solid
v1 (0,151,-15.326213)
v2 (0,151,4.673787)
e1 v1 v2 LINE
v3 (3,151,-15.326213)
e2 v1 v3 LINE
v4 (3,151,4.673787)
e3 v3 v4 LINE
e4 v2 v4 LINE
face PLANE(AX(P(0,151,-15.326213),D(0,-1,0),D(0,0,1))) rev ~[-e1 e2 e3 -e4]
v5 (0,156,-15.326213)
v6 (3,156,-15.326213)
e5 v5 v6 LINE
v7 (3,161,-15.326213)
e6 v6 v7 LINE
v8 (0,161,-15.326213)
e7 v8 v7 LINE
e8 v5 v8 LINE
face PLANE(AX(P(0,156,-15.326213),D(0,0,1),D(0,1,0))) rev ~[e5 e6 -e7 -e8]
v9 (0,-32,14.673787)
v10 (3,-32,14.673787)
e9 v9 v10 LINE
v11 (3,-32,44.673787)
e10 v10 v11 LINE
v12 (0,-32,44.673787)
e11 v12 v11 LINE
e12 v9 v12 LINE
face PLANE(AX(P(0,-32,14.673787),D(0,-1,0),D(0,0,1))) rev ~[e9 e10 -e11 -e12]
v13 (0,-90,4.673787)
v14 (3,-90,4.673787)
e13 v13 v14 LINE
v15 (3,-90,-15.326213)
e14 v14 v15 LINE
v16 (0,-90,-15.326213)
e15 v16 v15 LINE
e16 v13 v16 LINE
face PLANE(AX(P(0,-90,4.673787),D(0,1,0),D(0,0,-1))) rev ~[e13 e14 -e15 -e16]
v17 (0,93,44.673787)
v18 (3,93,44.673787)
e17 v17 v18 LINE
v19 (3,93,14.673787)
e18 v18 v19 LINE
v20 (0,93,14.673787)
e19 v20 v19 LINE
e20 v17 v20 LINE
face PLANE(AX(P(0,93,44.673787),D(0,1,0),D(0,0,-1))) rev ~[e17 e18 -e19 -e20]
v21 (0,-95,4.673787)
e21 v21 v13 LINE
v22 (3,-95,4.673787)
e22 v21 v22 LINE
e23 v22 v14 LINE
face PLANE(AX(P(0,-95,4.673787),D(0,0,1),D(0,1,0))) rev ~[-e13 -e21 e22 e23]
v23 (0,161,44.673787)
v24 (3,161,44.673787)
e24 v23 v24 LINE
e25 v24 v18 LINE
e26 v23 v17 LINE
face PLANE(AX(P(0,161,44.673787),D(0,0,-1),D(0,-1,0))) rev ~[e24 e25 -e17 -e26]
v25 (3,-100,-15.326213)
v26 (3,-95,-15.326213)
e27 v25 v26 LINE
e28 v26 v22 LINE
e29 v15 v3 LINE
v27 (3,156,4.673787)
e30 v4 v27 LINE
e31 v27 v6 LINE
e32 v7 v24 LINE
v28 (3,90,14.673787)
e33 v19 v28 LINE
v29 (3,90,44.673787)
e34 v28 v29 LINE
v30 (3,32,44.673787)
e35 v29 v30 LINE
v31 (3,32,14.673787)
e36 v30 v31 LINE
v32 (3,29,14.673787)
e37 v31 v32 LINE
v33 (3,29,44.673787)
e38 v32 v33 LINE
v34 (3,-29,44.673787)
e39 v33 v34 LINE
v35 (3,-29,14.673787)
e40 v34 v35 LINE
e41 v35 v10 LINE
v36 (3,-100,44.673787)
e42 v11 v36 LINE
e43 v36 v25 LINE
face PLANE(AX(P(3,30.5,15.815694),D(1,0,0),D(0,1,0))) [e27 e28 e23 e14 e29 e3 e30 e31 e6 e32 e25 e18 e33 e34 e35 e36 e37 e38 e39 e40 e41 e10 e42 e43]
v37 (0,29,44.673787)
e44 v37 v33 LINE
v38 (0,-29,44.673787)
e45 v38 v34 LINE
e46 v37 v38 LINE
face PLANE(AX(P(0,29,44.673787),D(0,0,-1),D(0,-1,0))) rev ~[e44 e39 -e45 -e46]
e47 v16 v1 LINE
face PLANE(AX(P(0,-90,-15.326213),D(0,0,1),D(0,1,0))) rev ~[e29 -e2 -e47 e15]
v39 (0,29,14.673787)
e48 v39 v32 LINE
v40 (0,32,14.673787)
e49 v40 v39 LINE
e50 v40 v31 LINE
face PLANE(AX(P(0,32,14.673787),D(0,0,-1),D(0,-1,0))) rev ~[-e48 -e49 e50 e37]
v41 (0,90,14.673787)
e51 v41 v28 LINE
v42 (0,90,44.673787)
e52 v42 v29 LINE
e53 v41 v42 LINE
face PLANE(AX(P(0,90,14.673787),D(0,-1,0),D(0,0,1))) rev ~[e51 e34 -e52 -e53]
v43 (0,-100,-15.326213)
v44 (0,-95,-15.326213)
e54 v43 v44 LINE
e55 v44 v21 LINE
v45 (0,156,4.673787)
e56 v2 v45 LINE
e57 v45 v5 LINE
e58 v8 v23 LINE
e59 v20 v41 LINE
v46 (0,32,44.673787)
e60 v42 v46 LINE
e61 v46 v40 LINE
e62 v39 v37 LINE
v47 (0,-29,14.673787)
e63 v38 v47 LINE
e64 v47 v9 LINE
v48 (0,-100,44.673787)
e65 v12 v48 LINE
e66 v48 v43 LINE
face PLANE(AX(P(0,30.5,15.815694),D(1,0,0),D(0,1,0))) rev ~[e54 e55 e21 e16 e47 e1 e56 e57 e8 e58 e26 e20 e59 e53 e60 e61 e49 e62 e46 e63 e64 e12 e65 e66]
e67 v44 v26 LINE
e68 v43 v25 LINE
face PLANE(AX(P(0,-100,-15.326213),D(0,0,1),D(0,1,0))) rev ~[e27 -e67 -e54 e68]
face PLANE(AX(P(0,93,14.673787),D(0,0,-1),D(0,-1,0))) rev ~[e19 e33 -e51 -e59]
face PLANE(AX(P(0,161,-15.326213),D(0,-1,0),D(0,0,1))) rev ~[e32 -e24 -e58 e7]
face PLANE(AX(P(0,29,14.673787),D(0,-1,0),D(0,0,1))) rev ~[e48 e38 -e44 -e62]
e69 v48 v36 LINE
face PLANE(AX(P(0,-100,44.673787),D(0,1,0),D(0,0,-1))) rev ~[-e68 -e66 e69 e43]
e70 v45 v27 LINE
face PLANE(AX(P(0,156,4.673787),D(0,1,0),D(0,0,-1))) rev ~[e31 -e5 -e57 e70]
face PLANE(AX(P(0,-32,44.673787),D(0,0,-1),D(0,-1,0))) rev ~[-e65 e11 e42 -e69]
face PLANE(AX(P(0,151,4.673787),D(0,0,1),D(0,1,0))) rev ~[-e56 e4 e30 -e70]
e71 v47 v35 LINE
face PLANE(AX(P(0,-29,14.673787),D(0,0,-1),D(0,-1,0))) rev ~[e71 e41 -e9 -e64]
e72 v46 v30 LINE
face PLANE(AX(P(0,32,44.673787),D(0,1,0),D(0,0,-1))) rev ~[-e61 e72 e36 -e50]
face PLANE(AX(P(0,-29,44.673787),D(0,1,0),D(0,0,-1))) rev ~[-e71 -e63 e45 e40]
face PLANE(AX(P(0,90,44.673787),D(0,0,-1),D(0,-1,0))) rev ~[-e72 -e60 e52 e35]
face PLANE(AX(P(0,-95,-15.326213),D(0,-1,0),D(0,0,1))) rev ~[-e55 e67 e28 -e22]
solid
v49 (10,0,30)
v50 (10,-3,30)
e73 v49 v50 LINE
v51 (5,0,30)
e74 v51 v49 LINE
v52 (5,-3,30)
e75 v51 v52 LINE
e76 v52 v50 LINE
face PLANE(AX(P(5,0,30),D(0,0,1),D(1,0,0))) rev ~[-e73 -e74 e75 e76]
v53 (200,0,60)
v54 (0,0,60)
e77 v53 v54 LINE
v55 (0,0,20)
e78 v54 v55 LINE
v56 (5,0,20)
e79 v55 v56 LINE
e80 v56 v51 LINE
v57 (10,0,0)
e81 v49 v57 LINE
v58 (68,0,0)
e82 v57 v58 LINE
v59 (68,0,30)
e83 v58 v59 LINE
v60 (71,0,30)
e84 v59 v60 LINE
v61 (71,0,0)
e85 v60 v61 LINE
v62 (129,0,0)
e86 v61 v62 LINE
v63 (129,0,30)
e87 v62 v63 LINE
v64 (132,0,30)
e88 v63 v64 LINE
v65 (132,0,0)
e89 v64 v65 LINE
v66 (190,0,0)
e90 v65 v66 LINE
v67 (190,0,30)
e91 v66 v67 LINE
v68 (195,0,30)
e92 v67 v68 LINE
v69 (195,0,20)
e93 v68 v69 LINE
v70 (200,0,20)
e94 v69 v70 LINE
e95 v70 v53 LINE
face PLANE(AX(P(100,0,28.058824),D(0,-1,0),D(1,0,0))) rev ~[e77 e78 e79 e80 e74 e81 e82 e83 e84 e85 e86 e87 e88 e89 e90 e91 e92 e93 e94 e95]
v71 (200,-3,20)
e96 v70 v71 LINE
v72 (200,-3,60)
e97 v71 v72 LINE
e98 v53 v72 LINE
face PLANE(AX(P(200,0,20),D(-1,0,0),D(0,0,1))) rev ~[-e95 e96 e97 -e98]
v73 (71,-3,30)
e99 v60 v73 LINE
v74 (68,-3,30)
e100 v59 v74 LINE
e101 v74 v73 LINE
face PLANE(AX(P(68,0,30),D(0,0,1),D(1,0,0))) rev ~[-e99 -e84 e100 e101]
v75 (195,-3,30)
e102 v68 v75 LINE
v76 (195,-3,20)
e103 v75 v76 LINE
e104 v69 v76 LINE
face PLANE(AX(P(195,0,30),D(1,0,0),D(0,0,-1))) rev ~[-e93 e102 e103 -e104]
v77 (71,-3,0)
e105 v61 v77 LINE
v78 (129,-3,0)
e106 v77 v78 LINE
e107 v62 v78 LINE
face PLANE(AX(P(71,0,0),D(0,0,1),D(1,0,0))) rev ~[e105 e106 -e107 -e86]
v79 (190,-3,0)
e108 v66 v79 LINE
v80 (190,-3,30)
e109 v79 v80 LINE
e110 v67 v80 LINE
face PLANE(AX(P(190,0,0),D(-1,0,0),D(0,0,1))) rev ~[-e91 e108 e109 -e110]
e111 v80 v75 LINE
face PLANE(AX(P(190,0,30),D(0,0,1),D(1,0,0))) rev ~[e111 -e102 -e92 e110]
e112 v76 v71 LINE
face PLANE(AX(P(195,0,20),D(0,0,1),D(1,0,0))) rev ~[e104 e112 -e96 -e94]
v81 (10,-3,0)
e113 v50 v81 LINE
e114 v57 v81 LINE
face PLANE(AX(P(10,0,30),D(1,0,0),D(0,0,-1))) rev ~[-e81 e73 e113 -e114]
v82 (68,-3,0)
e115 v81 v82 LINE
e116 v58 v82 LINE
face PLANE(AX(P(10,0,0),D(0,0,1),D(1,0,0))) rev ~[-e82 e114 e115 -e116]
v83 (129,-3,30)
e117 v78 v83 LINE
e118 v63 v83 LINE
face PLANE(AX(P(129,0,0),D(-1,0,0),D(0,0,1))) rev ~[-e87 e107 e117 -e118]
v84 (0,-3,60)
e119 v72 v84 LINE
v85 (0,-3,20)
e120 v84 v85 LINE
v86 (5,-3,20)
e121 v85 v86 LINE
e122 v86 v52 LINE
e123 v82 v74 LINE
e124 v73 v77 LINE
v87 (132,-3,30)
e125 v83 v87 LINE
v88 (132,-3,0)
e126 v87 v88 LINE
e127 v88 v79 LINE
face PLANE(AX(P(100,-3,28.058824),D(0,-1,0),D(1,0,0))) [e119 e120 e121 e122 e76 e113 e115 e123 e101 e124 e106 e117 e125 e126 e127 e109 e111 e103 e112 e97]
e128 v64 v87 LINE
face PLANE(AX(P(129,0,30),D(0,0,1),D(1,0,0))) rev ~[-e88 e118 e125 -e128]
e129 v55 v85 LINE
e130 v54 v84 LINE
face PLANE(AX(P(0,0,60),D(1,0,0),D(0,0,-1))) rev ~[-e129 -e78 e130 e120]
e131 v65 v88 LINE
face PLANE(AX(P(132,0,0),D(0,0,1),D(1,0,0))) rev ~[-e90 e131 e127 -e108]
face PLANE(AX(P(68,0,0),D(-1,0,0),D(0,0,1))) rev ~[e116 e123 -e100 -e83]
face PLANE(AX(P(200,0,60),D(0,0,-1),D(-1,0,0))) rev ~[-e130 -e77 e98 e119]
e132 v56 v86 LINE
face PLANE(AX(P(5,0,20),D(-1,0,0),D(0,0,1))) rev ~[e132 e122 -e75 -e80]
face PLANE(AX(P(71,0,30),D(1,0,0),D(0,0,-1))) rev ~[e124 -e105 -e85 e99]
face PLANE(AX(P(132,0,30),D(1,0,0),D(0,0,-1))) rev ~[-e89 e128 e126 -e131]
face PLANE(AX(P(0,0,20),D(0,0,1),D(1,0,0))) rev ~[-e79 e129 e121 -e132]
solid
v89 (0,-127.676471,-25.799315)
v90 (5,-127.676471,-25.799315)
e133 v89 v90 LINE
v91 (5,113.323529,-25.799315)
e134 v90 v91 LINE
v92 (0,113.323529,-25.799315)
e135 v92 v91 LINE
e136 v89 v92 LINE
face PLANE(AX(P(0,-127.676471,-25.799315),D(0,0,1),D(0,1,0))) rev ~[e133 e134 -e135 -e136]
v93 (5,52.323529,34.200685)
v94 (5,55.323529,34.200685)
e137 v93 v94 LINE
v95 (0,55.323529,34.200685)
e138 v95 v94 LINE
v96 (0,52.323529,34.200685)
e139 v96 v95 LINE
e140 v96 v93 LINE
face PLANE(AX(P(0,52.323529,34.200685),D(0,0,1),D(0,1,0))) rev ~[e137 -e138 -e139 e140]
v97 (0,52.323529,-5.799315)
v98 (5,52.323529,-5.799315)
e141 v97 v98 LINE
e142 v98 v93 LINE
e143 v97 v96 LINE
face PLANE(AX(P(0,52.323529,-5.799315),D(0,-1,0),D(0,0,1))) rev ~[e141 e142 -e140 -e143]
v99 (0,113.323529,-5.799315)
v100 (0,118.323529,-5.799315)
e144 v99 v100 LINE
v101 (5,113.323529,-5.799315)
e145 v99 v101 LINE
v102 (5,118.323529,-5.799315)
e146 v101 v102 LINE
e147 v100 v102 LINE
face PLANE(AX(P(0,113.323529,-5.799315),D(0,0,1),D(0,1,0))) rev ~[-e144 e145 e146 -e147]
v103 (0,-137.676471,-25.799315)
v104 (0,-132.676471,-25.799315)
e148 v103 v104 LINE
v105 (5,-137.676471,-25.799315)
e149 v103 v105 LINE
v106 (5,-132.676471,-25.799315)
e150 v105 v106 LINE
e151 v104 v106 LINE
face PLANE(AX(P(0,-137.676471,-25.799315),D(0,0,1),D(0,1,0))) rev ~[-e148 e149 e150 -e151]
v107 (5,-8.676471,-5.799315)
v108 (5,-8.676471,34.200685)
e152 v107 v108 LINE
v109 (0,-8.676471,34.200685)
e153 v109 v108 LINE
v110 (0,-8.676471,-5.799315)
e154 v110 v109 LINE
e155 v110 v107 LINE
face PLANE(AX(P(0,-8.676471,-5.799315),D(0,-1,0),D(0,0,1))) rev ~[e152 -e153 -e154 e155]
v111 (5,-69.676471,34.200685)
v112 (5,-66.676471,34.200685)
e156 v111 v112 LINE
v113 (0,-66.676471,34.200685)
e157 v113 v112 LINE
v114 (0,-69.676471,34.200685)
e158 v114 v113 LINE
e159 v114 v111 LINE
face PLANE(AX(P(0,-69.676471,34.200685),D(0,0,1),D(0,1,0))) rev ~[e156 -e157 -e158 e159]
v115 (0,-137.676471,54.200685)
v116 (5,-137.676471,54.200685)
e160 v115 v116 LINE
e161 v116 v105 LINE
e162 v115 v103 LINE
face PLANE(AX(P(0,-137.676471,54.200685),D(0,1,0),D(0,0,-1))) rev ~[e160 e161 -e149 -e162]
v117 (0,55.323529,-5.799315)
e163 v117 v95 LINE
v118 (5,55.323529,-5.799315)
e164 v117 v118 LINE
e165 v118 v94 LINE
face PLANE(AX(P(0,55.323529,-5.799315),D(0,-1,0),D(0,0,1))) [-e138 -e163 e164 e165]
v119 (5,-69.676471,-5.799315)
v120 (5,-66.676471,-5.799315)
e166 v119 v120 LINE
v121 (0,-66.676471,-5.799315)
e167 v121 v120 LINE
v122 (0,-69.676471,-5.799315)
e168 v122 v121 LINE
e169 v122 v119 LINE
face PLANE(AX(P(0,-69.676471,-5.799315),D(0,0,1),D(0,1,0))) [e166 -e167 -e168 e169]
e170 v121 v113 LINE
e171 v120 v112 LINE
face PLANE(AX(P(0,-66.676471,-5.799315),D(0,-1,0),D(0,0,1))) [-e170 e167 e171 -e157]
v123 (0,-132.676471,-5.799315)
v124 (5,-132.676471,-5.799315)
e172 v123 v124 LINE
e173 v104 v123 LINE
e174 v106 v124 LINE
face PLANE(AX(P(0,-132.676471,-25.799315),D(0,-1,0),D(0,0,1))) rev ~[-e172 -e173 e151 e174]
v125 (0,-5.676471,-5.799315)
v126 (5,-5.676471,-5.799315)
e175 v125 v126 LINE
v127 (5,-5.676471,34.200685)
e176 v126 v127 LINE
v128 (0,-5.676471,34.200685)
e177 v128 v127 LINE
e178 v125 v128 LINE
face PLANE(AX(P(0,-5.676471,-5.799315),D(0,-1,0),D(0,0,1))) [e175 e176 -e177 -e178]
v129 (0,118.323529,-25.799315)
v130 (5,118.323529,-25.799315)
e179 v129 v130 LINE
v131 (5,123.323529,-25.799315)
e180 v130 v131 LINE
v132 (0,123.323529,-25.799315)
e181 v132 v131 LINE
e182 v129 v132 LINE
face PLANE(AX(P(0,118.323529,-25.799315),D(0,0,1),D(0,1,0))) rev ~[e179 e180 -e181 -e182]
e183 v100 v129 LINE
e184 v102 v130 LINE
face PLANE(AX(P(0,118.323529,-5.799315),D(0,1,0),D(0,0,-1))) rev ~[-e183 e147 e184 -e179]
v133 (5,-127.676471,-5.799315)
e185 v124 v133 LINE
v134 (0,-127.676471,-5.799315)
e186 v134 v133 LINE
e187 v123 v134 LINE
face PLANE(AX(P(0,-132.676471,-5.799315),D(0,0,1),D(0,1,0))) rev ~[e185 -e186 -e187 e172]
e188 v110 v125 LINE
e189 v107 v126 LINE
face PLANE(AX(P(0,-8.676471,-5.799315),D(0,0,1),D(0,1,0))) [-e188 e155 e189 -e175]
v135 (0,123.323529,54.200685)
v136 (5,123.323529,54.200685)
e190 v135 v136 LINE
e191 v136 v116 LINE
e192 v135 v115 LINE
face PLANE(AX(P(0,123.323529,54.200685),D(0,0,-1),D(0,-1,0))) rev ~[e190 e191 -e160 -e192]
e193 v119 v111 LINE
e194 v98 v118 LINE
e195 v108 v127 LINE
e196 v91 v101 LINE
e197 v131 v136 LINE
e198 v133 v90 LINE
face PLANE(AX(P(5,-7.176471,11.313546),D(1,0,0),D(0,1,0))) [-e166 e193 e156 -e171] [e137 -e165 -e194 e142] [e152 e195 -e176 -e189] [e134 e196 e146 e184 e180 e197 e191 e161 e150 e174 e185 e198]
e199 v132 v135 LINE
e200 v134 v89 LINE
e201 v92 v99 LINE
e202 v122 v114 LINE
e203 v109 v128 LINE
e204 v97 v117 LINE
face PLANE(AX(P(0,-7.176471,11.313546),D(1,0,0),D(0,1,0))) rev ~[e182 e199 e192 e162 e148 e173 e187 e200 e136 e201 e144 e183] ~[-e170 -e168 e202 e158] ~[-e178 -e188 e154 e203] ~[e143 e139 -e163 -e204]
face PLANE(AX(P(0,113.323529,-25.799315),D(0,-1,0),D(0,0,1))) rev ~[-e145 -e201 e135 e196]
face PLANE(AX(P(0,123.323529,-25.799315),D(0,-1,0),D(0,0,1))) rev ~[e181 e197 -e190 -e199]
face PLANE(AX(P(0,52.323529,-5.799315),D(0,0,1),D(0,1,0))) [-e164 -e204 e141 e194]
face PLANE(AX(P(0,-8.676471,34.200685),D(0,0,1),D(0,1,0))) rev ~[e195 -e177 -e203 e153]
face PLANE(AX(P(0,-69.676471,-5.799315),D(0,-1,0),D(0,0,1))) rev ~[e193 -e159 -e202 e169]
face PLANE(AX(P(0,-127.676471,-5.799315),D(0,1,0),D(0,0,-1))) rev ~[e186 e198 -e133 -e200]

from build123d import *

# Parameters (mm, degrees)
F1_DEPTH = 3
F3_DEPTH = 3
F4_W     = 3
F4_H     = 40
F5_DEPTH = 5


with BuildPart() as f1:
    # F0 (on Front) → F1 (new body)
    with BuildSketch(Plane.XZ):
        Polygon((0, 60), (0, 20), (5, 20), (5, 30), (10, 30), (10, 0), (68, 0), (68, 30), (71, 30), (71, 0), (129, 0), (129, 30), (132, 30), (132, 0), (190, 0), (190, 30), (195, 30), (195, 20), (200, 20), (200, 60), align=None)
    extrude(amount=F1_DEPTH)


with BuildPart() as f3:
    # F2 (on Right) → F3 (new body)
    with BuildSketch(Plane.YZ):
        Polygon((-100, 44.673787), (-100, -15.326213), (-95, -15.326213), (-95, 4.673787), (-90, 4.673787), (-90, -15.326213), (151, -15.326213), (151, 4.673787), (156, 4.673787), (156, -15.326213), (161, -15.326213), (161, 44.673787), (93, 44.673787), (93, 14.673787), (90, 14.673787), (90, 44.673787), (32, 44.673787), (32, 14.673787), (29, 14.673787), (29, 44.673787), (-29, 44.673787), (-29, 14.673787), (-32, 14.673787), (-32, 44.673787), align=None)
    extrude(amount=F3_DEPTH)


with BuildPart() as f5:
    # F4 (on Right) → F5 (new body)
    with BuildSketch(Plane.YZ):
        Polygon((118.323529, -25.799315), (123.323529, -25.799315), (123.323529, 54.200685), (-137.676471, 54.200685), (-137.676471, -25.799315), (-132.676471, -25.799315), (-132.676471, -5.799315), (-127.676471, -5.799315), (-127.676471, -25.799315), (113.323529, -25.799315), (113.323529, -5.799315), (118.323529, -5.799315), align=None)
        with Locations((-68.176471, 14.200685)):
            Rectangle(F4_W, F4_H, mode=Mode.SUBTRACT)
        with Locations((-7.176471, 14.200685)):
            Rectangle(F4_W, F4_H, mode=Mode.SUBTRACT)
        with Locations((53.823529, 14.200685)):
            Rectangle(F4_W, F4_H, mode=Mode.SUBTRACT)
    extrude(amount=F5_DEPTH)


solid = Compound([f1.part, f3.part, f5.part])
